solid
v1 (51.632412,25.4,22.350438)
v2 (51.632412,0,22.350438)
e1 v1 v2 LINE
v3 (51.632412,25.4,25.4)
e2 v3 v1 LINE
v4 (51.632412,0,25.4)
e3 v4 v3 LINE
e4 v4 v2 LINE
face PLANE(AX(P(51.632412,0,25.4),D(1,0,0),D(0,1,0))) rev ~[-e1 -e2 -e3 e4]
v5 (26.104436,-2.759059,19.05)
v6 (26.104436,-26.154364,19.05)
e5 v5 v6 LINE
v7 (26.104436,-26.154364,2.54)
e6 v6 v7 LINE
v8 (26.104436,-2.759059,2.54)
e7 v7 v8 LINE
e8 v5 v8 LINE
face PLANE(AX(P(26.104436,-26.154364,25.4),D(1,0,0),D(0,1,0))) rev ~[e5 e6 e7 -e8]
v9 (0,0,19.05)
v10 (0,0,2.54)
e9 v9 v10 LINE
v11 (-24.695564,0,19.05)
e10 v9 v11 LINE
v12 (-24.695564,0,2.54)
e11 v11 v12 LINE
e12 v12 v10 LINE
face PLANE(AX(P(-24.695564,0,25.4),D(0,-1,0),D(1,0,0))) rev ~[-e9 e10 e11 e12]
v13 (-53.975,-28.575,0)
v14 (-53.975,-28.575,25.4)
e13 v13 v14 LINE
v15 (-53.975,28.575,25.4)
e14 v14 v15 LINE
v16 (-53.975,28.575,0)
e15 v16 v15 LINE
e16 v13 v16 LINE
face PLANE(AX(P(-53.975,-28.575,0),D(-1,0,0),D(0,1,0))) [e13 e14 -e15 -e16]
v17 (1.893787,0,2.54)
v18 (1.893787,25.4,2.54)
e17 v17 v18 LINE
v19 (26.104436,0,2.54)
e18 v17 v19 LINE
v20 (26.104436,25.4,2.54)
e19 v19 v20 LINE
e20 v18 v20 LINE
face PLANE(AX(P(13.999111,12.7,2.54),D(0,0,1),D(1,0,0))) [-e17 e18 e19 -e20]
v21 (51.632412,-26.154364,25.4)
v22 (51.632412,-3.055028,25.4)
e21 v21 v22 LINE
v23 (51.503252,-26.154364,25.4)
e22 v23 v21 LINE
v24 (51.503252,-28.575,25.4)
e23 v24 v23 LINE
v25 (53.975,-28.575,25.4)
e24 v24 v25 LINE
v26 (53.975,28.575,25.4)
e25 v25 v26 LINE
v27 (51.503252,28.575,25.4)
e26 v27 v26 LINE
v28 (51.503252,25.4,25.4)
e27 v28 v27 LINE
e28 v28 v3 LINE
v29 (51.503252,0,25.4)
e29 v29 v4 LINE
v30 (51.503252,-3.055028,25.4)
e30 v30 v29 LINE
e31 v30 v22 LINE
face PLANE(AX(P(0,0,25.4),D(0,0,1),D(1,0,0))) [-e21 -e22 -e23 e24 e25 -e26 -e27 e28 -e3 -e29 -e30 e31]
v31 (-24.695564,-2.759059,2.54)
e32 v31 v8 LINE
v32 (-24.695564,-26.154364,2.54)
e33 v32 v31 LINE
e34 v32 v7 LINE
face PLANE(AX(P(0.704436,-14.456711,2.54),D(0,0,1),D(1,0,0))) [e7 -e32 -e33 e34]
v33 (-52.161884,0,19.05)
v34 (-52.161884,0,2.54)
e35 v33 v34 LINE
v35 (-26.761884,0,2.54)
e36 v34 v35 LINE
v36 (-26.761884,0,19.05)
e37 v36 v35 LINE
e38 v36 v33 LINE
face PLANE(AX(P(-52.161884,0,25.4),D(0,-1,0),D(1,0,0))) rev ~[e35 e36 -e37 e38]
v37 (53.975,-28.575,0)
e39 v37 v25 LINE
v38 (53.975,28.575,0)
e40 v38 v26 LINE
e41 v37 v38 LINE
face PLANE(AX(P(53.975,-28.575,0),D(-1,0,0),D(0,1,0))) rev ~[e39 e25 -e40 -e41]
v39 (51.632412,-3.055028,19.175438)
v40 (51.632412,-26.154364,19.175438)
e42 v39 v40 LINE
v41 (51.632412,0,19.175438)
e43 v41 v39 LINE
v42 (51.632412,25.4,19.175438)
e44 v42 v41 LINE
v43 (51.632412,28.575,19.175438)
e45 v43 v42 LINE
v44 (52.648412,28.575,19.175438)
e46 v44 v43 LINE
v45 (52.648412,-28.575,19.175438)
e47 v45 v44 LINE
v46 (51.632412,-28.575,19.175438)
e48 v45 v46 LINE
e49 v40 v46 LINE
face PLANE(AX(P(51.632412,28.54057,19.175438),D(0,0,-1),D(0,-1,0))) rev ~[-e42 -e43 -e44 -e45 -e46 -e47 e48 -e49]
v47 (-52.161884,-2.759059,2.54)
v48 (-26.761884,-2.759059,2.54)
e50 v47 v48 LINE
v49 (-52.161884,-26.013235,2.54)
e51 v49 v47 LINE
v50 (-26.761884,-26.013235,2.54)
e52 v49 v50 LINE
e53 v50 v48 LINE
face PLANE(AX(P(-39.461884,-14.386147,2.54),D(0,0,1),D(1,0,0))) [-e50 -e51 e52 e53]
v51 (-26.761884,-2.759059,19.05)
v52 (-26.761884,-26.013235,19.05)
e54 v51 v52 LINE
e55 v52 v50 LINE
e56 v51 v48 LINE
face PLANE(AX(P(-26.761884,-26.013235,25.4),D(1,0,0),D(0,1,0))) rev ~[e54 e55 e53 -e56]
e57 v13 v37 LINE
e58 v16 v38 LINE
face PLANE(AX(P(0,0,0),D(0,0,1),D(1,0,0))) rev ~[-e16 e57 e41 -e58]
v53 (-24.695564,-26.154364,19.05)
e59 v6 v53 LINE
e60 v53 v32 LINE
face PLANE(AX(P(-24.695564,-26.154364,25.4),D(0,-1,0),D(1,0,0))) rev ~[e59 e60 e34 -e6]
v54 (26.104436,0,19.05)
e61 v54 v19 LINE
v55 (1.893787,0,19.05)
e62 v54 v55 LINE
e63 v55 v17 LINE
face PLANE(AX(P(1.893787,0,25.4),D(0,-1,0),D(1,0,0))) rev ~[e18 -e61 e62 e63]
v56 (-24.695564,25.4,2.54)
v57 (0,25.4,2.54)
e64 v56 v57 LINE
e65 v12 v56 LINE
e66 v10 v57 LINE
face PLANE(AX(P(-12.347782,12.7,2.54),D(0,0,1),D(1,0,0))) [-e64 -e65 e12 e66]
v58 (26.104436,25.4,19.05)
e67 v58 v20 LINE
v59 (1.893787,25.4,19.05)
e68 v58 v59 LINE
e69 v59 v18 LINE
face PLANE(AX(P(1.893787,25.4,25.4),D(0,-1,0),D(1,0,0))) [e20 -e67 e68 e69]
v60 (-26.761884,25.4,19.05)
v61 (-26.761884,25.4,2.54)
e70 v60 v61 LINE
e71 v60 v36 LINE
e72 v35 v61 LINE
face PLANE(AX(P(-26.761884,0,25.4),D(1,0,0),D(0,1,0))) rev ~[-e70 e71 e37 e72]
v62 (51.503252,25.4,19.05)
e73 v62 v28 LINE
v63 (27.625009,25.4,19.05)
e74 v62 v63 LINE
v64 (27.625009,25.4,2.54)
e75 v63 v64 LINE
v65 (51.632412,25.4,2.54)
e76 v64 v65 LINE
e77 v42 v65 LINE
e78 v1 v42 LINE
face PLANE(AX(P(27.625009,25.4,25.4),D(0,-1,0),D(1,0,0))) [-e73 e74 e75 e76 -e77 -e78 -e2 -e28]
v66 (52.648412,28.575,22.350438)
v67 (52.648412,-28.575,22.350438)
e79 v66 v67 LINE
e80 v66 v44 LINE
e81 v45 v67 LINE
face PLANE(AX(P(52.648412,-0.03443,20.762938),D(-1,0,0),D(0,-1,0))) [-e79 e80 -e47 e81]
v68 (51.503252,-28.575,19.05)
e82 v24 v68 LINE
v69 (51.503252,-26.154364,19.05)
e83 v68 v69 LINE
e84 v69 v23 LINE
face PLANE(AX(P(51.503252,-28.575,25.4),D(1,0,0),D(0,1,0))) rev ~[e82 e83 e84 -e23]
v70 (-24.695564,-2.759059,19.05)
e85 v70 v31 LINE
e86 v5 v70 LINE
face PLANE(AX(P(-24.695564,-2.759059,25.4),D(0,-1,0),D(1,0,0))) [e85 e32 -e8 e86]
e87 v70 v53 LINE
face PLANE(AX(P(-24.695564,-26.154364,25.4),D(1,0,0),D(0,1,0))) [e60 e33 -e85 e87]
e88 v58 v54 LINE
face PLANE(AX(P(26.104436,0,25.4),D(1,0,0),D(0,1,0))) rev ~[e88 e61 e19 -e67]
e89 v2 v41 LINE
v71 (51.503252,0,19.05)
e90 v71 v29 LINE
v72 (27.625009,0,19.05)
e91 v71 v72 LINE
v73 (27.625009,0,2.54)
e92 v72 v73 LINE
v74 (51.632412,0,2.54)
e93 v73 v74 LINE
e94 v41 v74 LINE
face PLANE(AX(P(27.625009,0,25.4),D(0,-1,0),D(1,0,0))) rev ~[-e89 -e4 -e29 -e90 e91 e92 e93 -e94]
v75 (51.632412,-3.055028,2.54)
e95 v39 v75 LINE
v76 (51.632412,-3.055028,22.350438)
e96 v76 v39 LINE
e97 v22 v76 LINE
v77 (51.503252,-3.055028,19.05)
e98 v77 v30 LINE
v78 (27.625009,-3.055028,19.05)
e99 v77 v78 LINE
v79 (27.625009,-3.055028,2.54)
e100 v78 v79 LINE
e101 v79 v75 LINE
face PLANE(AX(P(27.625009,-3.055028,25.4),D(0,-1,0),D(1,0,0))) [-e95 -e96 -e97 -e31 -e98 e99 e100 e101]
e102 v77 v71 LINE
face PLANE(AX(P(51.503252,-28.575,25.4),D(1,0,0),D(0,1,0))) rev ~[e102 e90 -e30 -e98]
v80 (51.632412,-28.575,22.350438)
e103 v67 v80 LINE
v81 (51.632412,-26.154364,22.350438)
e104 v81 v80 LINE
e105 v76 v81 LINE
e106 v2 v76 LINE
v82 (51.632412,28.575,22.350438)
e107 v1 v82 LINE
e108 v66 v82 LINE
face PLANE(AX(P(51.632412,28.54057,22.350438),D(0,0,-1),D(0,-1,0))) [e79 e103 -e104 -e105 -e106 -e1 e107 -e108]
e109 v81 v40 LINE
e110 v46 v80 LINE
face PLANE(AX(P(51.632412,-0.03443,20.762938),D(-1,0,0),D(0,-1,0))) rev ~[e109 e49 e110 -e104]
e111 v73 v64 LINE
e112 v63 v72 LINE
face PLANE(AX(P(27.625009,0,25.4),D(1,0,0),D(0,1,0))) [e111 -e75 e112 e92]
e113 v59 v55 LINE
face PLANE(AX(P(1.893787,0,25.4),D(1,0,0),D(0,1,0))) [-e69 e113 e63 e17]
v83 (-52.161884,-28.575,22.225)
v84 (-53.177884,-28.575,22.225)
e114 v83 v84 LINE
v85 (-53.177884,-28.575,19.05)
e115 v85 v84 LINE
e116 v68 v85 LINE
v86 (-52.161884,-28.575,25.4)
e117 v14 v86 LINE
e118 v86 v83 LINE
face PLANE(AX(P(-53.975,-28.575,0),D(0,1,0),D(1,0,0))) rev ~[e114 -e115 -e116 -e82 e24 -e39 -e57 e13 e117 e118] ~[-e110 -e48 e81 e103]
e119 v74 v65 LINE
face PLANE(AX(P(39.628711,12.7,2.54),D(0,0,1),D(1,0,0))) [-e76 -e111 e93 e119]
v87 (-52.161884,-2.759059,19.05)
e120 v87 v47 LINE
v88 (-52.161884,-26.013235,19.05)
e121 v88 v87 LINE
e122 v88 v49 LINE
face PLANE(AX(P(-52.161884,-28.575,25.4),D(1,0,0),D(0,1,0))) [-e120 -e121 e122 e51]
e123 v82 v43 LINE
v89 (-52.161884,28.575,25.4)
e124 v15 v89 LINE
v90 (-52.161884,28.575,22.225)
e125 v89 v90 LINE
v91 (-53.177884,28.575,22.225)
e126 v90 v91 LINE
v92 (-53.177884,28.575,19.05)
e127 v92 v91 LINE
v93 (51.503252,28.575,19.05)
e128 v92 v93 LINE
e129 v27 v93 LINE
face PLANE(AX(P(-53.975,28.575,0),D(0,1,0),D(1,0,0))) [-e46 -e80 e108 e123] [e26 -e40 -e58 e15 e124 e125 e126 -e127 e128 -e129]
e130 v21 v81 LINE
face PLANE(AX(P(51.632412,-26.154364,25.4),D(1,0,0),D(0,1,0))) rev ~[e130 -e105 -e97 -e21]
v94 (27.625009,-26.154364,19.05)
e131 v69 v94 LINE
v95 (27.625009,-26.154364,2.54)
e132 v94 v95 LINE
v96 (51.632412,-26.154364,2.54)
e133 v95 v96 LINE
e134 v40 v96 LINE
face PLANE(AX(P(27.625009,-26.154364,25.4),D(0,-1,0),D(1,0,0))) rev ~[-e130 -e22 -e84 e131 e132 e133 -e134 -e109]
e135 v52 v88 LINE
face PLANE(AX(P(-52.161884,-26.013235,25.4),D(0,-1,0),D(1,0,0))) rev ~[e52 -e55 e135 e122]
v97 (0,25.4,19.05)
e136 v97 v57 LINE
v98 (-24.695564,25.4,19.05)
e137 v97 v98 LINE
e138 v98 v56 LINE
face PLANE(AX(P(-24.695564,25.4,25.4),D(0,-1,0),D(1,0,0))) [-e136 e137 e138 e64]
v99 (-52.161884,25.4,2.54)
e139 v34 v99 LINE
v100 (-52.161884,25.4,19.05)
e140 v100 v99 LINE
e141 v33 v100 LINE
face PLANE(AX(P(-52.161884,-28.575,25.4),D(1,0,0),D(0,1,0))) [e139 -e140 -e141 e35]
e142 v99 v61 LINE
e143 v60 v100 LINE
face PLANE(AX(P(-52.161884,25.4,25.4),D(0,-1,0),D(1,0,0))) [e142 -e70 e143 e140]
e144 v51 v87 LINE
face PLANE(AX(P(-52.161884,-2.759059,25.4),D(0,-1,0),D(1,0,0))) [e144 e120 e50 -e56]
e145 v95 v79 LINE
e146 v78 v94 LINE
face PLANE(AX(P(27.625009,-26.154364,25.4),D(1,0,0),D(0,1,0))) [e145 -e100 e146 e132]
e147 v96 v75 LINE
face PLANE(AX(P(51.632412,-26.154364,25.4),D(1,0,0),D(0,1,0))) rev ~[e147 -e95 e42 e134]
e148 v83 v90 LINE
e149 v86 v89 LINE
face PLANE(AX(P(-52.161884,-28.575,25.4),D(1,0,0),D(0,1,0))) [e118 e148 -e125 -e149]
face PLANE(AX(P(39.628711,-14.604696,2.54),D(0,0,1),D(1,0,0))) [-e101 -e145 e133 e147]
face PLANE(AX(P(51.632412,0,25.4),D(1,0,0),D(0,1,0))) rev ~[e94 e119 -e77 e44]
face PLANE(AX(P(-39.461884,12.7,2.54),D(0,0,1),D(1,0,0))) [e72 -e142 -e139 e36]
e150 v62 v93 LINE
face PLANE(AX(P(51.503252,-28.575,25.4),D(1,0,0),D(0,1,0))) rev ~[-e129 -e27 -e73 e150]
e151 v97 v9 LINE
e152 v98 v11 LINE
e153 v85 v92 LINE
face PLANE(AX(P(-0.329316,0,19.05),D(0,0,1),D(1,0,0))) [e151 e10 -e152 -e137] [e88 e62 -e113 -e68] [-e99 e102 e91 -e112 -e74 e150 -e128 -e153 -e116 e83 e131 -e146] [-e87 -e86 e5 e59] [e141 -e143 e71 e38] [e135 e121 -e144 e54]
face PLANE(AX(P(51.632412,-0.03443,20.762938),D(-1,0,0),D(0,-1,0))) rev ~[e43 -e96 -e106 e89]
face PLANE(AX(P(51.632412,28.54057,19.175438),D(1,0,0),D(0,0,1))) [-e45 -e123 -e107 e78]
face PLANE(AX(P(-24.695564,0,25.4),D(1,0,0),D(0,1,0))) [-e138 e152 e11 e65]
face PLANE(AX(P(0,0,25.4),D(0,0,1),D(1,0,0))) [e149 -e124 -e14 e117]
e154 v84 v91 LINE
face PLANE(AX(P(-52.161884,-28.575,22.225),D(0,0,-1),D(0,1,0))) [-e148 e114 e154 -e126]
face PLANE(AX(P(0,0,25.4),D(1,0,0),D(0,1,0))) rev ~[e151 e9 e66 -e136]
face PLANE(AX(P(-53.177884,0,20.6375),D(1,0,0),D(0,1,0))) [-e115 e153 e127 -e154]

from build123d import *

# Parameters (mm, degrees)
F0_W      = 107.95
F0_H      = 57.15
F1_DEPTH  = 25.4
F2_W      = 25.4
F2_H      = 25.4
F2_H_2    = 23.2541756704
F2_W_2    = 24.6955640614
F2_W_3    = 50.8
F2_H_3    = 23.3953045681
F2_W_4    = 24.2106489923
F2_W_5    = 24.0074023604
F2_H_4    = 23.0993351433
F3_DEPTH  = 22.86
F4_W      = 103.6651358008
F4_H      = 57.15
F5_DEPTH  = 6.35
F6_W      = 57.15
F6_H      = 3.175
F7_DEPTH  = 1.016
F8_W      = 57.15
F8_H      = 3.175
F9_DEPTH  = 1.016
F10_DEPTH = 57.15


with BuildPart() as f1:
    # F0 (on Top) → F1 (new body)
    with BuildSketch(Plane.XY):
        Rectangle(F0_W, F0_H)
    extrude(amount=F1_DEPTH)

    # F2 (on face) → F3 (cut)
    with BuildSketch(Plane.XY.offset(25.4)):
        with Locations((-39.4618835628, 12.7)):
            Rectangle(F2_W, F2_H)
        with Locations((-39.4618835628, -14.386146795)):
            Rectangle(F2_W, F2_H_2)
        with Locations((-12.3477820307, 12.7)):
            Rectangle(F2_W_2, F2_H)
        with Locations((0.7044359386, -14.4567112438)):
            Rectangle(F2_W_3, F2_H_3)
        with Locations((13.9991114425, 12.7)):
            Rectangle(F2_W_4, F2_H)
        with Locations((39.6287105978, 12.7)):
            Rectangle(F2_W_5, F2_H)
        with Locations((39.6287105978, -14.6046959562)):
            Rectangle(F2_W_5, F2_H_4)
    extrude(amount=-F3_DEPTH, mode=Mode.SUBTRACT)

    # F4 (on face) → F5 (cut)
    with BuildSketch(Plane.XY.offset(25.4)):
        with Locations((-0.3293156624, 0)):
            Rectangle(F4_W, F4_H)
    extrude(amount=-F5_DEPTH, mode=Mode.SUBTRACT)

    # F6 (on face) → F7 (cut)
    with BuildSketch(Plane.YZ.offset(-52.1618835628)):
        with Locations((0, 20.6375)):
            Rectangle(F6_W, F6_H)
    extrude(amount=-F7_DEPTH, mode=Mode.SUBTRACT)

    # F8 (on face) → F9 (cut)
    with BuildSketch(Plane(origin=(51.632411778, 0, 0), x_dir=(0, -1, 0), z_dir=(-1, 0, 0))):
        with Locations((0.0344297111, 20.7629382104)):
            Rectangle(F8_W, F8_H)
    extrude(amount=-F9_DEPTH, mode=Mode.SUBTRACT)

    # F10 (cut): a face of the model
    f10_faces = [f1.faces().sort_by_distance(p)[0] for p in [
        (52.140411778, 28.5405702889, 20.7629382104),
    ]]
    extrude(f10_faces, amount=-F10_DEPTH, mode=Mode.SUBTRACT)


solid = f1.part
